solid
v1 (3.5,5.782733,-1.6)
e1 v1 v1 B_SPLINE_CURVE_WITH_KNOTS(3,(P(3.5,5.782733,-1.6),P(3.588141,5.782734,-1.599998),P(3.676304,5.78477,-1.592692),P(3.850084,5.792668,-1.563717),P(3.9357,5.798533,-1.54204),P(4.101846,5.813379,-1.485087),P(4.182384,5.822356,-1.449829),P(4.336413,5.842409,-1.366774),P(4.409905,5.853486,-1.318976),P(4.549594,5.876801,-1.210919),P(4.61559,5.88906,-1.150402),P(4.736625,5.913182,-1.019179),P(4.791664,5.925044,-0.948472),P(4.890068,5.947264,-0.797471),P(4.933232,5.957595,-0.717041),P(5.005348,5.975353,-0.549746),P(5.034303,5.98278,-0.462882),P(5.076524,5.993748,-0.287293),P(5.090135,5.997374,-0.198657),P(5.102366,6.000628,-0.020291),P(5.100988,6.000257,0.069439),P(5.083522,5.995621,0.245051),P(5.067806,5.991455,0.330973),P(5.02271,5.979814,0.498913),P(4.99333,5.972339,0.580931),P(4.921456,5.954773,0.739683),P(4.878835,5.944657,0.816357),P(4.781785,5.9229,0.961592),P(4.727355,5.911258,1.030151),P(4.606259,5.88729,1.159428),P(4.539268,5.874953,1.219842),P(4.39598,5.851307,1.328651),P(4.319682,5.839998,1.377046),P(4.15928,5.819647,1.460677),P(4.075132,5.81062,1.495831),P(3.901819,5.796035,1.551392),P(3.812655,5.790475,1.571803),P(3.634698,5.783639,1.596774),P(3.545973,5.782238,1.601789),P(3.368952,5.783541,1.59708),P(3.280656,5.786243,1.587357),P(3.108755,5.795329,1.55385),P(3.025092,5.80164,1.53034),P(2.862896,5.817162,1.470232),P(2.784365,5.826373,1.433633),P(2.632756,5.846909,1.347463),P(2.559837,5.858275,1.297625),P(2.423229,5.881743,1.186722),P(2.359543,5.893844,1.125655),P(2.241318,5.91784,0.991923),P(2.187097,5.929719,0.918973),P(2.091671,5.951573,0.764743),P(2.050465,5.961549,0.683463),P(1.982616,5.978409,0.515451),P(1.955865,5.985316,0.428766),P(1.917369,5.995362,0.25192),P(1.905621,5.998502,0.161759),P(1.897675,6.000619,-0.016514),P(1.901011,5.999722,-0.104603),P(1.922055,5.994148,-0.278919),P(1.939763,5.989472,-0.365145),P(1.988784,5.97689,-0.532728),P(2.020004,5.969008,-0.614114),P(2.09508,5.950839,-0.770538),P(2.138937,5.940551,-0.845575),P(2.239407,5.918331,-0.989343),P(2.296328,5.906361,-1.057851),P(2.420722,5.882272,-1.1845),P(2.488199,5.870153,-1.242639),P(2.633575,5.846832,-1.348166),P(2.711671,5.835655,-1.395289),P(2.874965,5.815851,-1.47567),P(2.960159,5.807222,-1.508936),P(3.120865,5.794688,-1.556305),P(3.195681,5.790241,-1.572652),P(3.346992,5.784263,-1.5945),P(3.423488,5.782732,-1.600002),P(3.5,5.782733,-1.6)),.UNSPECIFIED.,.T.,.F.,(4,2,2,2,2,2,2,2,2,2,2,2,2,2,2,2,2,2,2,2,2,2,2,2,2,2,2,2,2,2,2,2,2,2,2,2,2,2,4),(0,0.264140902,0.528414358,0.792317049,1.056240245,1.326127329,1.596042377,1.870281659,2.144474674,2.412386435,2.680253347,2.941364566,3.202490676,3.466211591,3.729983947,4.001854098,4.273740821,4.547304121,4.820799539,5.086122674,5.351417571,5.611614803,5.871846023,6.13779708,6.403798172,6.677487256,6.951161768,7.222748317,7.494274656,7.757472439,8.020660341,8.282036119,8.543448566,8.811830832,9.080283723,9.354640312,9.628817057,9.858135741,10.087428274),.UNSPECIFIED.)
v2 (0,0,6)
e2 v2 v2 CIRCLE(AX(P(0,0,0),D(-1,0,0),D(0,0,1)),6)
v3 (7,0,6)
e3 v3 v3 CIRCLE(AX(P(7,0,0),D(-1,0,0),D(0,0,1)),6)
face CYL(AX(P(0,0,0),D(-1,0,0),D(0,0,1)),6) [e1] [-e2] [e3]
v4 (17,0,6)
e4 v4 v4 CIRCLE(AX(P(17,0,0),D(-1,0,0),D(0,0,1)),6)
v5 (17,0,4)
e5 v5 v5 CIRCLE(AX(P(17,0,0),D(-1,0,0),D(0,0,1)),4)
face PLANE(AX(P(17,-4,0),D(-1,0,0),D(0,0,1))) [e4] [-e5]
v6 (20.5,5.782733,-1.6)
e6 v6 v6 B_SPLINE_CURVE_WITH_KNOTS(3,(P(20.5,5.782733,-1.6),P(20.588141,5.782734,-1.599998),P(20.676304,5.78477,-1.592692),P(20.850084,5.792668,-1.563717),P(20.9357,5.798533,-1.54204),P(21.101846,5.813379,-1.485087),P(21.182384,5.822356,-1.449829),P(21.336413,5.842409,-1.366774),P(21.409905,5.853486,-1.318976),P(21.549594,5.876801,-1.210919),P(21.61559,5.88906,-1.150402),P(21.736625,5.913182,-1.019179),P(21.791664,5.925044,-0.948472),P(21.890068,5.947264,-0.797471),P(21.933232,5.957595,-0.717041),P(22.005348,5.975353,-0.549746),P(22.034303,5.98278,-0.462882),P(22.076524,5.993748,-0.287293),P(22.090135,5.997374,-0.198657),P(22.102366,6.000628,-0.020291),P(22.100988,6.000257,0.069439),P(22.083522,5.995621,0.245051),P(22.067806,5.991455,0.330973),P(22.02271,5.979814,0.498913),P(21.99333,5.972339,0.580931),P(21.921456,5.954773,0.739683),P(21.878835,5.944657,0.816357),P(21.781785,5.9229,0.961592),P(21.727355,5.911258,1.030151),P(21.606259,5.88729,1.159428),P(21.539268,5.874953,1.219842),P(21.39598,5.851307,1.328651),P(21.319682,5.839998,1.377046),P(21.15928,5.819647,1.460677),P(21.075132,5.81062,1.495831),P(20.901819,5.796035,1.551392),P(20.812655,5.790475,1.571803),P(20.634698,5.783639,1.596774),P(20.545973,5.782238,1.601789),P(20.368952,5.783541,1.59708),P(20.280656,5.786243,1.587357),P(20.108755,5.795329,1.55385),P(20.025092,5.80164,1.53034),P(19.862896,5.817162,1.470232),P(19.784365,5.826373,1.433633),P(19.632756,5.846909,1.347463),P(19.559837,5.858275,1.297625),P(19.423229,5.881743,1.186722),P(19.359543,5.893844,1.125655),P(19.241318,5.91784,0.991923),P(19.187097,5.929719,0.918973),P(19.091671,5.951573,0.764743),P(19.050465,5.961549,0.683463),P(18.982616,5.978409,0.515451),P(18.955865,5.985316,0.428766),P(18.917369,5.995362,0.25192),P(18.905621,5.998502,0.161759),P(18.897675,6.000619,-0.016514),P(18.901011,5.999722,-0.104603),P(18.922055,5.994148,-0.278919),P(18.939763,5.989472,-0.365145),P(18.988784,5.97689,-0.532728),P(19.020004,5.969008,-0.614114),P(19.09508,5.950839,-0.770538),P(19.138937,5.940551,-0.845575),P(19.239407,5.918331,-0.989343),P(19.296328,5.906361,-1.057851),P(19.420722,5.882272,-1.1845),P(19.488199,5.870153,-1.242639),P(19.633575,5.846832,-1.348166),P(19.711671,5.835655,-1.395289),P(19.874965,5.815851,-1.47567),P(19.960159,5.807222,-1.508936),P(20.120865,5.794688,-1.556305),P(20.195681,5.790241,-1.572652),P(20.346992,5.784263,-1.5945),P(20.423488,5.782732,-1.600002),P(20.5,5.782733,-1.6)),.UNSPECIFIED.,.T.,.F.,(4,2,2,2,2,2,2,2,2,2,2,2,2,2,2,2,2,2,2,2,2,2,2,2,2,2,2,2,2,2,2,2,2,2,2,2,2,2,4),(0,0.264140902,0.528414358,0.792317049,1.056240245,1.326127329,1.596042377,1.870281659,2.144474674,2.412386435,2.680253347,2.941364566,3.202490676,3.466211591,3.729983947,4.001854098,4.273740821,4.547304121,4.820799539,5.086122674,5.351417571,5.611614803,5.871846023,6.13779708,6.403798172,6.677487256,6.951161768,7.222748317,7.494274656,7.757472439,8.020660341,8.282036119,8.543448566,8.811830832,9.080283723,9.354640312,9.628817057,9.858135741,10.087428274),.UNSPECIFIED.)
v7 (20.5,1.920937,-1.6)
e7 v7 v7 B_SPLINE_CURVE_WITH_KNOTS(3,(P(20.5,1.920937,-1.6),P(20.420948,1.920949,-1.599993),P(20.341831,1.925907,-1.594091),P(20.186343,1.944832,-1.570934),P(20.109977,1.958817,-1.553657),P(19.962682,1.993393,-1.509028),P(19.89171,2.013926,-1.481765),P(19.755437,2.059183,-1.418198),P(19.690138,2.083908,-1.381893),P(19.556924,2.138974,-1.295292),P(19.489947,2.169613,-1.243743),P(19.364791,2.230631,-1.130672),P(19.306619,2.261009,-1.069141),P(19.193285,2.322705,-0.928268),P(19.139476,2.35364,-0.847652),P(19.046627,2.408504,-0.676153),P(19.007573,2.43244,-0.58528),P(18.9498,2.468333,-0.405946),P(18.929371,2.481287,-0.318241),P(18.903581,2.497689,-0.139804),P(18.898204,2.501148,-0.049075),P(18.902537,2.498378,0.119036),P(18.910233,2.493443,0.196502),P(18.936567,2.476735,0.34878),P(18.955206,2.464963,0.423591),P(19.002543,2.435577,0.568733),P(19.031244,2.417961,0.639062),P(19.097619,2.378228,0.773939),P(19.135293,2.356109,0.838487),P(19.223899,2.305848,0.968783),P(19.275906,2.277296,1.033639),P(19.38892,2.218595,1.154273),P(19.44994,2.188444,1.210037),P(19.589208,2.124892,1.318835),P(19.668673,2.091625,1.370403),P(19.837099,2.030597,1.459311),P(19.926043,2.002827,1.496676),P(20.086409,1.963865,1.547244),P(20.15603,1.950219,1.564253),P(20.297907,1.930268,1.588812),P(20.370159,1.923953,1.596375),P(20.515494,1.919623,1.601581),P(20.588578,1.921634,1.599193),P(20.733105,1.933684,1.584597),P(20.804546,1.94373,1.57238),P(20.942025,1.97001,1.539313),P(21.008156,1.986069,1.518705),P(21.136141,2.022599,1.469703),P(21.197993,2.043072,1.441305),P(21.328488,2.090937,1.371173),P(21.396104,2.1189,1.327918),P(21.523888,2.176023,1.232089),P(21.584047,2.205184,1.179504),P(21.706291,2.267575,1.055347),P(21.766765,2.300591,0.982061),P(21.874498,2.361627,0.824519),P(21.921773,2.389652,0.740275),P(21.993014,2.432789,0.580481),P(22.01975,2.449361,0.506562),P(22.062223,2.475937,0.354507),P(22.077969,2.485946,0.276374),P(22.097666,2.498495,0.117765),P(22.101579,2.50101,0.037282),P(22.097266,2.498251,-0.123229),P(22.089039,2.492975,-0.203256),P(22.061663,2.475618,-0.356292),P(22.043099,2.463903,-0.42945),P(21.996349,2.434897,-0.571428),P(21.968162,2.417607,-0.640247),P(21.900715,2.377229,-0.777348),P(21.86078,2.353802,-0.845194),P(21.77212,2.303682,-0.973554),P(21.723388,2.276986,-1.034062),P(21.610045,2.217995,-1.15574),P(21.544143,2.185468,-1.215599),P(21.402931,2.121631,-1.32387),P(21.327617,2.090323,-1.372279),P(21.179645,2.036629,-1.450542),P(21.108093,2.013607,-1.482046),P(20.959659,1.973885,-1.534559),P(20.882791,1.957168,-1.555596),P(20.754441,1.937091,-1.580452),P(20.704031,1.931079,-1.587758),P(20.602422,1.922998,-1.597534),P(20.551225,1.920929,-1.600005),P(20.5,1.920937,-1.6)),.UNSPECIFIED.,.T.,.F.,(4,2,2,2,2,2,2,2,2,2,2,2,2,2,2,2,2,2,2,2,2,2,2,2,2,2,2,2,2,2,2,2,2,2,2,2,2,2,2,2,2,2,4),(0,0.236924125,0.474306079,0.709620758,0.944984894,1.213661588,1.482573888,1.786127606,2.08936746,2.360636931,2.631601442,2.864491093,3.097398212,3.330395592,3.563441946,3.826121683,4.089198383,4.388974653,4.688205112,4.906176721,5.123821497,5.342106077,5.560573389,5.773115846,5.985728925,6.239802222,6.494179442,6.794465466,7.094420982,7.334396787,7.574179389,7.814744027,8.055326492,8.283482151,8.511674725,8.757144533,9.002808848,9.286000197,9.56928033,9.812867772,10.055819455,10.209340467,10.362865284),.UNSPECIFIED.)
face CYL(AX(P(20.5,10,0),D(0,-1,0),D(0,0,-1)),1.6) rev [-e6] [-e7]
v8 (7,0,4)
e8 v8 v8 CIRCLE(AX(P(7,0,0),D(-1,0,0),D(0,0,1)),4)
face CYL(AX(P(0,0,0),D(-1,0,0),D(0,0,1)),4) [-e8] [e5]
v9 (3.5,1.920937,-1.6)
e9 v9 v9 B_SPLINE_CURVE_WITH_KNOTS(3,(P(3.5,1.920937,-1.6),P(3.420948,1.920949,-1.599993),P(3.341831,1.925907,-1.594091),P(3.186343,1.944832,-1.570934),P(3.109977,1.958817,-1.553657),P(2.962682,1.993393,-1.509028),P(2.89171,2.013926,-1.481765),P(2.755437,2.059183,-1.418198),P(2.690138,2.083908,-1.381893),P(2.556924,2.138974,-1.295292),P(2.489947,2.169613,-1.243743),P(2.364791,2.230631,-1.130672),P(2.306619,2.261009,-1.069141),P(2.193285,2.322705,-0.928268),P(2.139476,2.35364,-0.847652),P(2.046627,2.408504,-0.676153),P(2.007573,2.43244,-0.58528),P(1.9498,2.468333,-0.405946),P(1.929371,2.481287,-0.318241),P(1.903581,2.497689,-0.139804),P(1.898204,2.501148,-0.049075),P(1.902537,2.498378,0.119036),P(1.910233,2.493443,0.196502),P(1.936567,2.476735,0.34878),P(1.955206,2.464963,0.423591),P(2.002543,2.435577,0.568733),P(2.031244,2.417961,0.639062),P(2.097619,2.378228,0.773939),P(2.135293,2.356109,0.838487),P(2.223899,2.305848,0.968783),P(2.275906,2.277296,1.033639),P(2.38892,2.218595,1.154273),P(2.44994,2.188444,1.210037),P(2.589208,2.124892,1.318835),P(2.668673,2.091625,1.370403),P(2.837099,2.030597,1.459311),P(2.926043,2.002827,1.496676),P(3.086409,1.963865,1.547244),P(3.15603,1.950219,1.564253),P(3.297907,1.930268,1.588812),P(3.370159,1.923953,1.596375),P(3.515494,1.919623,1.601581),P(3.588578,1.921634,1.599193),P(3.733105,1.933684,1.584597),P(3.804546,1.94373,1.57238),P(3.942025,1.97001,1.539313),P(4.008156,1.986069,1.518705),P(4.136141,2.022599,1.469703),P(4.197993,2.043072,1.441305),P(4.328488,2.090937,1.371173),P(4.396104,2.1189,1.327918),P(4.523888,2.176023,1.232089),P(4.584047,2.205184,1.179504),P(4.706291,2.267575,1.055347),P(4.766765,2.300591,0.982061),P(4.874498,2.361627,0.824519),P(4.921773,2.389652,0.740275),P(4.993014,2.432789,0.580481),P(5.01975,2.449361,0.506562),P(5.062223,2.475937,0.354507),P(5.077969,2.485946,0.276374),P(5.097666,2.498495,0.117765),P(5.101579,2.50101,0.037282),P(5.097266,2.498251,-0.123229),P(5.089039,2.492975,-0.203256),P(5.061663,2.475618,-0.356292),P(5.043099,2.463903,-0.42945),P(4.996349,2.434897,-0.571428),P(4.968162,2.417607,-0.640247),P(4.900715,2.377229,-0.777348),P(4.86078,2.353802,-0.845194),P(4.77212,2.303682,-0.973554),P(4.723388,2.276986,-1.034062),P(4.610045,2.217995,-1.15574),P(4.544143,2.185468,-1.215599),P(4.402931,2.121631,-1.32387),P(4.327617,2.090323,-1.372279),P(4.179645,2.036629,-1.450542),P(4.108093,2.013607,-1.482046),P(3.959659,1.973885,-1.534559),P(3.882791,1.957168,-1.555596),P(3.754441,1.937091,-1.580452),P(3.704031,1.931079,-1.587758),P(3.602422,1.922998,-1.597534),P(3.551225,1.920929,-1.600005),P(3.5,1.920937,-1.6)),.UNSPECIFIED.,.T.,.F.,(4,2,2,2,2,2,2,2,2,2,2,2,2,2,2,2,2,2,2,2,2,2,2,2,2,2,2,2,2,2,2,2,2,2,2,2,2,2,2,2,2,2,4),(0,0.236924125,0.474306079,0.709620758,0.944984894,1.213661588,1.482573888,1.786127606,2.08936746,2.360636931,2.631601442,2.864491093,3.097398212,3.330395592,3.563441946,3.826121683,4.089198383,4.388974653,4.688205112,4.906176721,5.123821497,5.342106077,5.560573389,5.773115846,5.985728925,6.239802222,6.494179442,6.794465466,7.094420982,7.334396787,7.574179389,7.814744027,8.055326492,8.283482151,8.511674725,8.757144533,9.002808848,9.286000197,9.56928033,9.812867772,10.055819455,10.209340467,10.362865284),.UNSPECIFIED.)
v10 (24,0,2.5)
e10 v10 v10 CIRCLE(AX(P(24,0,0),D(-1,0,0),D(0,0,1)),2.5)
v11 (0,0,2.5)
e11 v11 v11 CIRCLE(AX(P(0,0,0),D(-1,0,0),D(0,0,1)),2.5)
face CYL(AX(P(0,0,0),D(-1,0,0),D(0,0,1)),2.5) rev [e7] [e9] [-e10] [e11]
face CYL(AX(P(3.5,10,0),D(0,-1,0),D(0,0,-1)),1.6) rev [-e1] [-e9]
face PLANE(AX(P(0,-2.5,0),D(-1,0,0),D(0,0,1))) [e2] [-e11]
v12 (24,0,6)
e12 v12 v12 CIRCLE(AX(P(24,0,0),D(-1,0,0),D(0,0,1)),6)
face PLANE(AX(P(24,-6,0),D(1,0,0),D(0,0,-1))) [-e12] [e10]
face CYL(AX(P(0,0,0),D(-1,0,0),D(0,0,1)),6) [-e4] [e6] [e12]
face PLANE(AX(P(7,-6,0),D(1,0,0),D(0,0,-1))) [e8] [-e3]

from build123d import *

# Parameters (mm, degrees)
SKETCH2_R          = 1.6
CUT_EXTRUDE1_DEPTH = 10


with BuildPart() as part:
    # Sketch1 → Revolve1 (revolve)
    with BuildSketch(Plane.XY, mode=Mode.PRIVATE) as revolve1_sk:
        Polygon((0, -2.5), (0, -6), (7, -6), (7, -4), (17, -4), (17, -6), (24, -6), (24, -2.5), align=None)
    revolve(revolve1_sk.sketch.rotate(Axis((0, 0, 0), (1, 0, 0)), 270), axis=Axis((0, 0, 0), (1, 0, 0)))

    # Sketch2 → Cut-Extrude1 (cut)
    with BuildSketch(Plane(origin=(0, 0, 0), x_dir=(1, 0, 0), z_dir=(0, 1, 0))):
        with Locations(Location((3.5, 0, 0), (0, 0, 90))):
            Circle(SKETCH2_R)
        with Locations(Location((20.5, 0, 0), (0, 0, 90))):
            Circle(SKETCH2_R)
    extrude(amount=CUT_EXTRUDE1_DEPTH, mode=Mode.SUBTRACT)


solid = part.part
